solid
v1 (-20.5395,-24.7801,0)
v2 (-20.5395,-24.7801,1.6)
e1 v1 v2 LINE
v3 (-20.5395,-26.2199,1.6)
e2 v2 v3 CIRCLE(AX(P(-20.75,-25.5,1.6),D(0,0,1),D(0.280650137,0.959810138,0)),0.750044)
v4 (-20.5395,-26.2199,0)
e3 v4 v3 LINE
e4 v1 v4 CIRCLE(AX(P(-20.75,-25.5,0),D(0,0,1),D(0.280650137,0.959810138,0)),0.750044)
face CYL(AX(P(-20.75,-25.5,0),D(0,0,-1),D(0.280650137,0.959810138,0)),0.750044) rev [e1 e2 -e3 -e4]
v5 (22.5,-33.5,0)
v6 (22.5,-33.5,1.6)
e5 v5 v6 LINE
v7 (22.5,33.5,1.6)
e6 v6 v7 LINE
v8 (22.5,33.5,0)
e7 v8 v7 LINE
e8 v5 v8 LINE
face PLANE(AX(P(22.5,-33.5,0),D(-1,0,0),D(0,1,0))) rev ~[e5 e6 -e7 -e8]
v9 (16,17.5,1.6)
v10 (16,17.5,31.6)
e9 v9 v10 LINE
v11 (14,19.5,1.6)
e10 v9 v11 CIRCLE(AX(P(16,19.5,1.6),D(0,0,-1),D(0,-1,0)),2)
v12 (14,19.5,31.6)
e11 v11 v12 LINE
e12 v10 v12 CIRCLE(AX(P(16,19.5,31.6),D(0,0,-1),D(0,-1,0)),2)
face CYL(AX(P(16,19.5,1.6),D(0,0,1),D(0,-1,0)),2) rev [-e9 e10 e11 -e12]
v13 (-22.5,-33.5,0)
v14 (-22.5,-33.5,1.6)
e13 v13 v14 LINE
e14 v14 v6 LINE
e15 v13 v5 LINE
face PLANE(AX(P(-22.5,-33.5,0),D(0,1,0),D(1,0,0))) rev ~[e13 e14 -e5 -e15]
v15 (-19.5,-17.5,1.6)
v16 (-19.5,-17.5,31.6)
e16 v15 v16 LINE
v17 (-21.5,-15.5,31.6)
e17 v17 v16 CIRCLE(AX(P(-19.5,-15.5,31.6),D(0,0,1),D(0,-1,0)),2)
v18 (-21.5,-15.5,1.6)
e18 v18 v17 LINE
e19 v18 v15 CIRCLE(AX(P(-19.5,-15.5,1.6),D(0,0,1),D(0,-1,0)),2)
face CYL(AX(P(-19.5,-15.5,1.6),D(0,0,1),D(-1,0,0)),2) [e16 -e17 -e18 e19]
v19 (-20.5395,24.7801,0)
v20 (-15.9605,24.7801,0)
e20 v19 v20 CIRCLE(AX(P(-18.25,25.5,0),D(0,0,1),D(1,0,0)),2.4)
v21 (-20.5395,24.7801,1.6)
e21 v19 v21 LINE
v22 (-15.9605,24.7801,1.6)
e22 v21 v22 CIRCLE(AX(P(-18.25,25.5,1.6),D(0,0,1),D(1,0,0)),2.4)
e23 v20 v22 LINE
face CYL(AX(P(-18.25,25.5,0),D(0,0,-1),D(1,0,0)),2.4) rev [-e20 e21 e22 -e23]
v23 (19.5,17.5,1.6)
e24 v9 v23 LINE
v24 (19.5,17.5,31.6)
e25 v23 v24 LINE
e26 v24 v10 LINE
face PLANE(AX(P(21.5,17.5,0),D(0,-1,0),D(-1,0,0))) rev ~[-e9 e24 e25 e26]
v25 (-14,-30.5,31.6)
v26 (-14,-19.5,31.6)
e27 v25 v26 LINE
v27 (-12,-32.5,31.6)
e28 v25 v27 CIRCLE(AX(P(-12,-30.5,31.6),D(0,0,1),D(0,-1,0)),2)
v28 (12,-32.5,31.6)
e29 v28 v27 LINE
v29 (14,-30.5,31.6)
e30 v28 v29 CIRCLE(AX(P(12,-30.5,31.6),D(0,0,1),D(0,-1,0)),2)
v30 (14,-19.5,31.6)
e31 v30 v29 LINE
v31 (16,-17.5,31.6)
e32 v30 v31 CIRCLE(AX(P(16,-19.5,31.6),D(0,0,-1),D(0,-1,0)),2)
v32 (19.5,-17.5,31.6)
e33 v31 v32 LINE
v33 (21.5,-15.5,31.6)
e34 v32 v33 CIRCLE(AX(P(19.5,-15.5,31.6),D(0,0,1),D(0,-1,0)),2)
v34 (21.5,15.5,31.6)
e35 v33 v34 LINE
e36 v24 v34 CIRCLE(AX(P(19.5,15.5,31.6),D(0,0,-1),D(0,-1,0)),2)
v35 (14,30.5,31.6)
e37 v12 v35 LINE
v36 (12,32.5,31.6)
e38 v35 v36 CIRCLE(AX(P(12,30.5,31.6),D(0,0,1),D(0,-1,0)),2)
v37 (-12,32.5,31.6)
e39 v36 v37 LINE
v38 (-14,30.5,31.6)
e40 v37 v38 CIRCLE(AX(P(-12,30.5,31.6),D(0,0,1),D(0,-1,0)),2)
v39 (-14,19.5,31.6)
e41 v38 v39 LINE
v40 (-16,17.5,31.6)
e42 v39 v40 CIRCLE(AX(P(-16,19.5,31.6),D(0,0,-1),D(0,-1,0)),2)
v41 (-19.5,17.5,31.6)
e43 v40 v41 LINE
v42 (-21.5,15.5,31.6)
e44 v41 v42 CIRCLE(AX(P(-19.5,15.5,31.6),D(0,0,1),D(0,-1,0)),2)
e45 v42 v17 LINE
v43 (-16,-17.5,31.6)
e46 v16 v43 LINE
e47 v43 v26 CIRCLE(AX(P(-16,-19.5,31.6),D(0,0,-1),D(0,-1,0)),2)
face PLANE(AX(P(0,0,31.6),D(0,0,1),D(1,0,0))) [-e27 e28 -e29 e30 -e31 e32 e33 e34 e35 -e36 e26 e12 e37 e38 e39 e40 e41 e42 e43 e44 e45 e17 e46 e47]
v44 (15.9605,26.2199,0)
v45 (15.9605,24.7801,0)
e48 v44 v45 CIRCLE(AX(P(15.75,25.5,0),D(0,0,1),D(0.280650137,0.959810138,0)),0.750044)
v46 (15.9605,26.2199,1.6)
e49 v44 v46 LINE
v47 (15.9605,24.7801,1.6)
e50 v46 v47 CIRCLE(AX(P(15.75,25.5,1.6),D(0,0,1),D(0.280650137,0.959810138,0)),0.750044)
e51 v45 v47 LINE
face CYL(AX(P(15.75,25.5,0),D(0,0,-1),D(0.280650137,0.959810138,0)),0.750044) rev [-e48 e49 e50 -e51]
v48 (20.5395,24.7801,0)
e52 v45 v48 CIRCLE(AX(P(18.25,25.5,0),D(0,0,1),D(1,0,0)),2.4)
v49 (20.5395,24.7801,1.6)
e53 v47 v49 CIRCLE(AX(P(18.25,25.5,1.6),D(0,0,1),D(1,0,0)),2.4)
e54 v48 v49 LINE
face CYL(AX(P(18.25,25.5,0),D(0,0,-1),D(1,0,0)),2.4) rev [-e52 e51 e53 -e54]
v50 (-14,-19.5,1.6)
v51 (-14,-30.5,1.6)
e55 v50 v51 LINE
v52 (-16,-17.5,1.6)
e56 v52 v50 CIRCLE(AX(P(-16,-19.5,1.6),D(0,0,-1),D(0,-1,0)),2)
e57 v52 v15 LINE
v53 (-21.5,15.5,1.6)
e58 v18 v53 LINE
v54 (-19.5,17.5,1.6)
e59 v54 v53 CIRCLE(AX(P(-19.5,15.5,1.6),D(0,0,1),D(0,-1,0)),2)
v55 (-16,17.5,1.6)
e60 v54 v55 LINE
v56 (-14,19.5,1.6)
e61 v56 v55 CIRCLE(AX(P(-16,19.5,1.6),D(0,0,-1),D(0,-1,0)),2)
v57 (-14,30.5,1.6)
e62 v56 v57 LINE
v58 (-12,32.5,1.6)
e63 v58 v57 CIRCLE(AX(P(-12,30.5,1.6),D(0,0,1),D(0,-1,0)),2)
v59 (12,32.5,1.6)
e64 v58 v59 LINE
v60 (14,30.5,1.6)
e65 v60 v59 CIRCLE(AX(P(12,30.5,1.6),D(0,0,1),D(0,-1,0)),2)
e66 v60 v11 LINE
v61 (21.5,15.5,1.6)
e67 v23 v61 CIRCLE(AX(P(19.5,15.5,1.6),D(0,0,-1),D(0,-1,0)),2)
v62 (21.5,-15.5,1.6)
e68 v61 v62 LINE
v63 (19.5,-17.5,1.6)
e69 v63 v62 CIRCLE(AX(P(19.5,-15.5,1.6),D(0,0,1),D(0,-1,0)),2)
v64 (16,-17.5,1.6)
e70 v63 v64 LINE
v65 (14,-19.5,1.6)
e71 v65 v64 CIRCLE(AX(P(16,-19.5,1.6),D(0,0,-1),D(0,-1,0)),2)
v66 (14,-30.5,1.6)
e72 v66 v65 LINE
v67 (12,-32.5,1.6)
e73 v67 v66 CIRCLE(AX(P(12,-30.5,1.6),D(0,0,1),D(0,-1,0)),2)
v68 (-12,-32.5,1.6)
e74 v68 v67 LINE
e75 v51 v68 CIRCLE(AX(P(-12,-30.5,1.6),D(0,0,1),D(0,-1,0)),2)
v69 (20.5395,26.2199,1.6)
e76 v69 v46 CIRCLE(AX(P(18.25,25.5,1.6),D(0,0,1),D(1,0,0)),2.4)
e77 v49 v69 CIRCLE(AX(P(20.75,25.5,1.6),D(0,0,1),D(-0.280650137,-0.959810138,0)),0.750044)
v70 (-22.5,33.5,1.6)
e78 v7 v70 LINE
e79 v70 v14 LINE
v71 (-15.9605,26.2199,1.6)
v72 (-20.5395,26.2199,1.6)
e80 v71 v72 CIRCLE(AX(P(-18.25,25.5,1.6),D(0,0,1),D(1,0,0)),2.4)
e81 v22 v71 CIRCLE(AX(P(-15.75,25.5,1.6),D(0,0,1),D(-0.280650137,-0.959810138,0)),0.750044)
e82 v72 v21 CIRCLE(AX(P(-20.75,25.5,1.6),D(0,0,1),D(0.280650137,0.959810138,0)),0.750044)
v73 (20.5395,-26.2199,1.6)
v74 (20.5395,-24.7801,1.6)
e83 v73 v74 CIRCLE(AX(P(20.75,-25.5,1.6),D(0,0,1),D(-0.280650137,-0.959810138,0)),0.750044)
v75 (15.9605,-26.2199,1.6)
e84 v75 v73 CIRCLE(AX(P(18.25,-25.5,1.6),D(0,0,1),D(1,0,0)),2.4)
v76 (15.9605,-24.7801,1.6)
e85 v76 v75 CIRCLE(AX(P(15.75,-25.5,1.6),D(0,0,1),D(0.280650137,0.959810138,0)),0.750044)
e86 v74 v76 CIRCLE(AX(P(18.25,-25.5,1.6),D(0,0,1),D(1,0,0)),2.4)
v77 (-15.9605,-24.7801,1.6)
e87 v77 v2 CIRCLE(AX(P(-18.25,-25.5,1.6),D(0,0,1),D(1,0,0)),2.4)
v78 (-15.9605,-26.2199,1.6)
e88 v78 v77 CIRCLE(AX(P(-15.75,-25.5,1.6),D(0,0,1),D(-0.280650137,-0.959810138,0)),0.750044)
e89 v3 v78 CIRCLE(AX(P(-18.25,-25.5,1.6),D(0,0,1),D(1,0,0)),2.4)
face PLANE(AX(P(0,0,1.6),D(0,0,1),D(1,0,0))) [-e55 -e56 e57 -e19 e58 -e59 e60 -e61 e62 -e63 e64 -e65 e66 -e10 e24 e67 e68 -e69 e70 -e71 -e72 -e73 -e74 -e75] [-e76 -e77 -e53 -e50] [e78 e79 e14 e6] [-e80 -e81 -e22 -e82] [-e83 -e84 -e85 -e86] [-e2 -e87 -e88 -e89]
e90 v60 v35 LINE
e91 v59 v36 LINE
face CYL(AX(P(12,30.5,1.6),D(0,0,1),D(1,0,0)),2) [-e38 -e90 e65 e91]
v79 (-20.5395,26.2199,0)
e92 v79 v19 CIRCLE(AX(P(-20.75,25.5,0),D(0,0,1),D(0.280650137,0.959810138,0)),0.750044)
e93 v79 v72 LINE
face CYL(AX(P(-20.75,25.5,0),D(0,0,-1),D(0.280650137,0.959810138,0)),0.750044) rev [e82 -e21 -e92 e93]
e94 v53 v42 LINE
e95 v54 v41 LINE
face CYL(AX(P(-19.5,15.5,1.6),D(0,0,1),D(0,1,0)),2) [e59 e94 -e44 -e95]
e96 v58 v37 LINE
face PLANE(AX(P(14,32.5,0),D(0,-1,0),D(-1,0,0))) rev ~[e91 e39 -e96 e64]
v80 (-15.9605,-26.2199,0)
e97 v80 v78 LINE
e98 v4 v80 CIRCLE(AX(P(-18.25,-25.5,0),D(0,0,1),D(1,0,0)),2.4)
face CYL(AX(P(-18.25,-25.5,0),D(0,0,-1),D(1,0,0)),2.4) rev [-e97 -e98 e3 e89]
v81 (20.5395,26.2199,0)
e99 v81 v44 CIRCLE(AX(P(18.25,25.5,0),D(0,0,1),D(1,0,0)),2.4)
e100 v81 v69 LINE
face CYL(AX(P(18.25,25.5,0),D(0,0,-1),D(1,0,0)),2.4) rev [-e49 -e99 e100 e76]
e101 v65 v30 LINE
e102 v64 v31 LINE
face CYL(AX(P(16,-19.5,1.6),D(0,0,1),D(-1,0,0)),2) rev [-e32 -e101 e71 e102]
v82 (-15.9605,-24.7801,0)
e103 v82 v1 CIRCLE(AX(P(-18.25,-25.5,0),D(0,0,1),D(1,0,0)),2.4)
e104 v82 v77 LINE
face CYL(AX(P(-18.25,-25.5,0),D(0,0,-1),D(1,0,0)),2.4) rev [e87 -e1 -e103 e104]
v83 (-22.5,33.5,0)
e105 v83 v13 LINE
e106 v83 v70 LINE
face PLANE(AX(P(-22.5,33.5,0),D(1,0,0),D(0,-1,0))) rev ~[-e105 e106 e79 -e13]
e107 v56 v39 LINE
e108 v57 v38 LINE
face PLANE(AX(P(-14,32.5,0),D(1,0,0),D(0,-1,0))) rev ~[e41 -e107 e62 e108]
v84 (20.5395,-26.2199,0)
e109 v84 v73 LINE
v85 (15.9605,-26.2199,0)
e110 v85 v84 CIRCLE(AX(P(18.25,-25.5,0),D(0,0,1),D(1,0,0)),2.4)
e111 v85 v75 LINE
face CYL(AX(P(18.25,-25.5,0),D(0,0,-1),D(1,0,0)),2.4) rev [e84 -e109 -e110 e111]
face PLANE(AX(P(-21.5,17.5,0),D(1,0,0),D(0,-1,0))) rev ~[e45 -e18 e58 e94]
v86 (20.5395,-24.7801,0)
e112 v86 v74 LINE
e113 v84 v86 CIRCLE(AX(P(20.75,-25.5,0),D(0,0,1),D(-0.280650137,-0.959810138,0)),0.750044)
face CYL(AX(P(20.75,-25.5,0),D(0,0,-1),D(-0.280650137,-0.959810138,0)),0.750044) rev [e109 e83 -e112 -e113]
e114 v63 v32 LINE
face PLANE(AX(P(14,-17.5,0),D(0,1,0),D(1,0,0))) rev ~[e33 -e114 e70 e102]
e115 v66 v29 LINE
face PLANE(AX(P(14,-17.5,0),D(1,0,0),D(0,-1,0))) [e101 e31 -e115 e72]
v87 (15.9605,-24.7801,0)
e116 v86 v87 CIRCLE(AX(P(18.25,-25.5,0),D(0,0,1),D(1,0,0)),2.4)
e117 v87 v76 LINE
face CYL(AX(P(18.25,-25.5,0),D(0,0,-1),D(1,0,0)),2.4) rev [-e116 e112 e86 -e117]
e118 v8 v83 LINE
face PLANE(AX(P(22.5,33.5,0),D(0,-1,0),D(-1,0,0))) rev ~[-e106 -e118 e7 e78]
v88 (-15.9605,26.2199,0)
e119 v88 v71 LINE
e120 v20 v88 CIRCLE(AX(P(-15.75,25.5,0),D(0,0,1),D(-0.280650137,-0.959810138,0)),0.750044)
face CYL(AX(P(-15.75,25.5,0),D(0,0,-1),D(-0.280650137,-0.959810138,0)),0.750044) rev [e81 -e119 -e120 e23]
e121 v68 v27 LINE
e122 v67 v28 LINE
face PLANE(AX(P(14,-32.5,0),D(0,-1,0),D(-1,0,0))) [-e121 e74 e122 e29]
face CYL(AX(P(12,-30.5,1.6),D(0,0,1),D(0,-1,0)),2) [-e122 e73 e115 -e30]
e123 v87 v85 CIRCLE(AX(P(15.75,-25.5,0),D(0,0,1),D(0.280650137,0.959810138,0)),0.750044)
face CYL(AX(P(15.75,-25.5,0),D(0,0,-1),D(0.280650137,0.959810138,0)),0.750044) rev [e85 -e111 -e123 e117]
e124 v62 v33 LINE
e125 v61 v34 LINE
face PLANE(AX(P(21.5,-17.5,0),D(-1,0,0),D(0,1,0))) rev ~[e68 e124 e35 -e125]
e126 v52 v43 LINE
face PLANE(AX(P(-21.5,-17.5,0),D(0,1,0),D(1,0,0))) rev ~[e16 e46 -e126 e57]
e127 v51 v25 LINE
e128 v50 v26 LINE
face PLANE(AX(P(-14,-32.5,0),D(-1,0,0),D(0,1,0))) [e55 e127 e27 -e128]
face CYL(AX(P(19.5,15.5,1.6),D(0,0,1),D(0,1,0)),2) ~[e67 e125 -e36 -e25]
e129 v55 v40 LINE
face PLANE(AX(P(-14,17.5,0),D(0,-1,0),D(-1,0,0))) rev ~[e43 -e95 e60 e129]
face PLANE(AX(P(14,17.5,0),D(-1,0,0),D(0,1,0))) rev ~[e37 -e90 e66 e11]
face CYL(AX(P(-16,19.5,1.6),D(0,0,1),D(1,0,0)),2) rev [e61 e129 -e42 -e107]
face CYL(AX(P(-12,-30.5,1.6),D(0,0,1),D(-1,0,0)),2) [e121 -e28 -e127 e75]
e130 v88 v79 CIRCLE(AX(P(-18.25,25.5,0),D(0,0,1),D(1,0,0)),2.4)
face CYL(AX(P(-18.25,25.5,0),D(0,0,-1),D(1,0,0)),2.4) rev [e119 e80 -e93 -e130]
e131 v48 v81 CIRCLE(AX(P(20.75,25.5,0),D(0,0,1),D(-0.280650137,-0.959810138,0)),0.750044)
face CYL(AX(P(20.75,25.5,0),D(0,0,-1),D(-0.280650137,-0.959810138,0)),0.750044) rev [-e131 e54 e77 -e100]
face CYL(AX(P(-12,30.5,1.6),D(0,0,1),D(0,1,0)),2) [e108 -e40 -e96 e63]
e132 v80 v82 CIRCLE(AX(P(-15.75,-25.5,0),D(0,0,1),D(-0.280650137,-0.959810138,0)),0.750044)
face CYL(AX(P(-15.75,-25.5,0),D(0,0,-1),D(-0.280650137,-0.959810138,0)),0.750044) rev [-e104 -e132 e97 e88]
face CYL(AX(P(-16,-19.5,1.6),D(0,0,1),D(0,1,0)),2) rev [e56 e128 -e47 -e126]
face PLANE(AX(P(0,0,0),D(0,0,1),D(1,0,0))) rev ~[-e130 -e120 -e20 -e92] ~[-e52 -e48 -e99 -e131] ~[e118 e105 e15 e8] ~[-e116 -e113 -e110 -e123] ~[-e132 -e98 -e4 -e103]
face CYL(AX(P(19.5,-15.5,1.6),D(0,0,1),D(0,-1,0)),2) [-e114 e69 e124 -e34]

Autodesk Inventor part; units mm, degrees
ref_plane "YZ Plane" through (0, 0, 0) normal (1, 0, 0) x (0, 1, 0)
ref_plane "XZ Plane" through (0, 0, 0) normal (0, 1, 0) x (-1, 0, 0)
ref_plane "XY Plane" through (0, 0, 0) normal (0, 0, 1) x (1, 0, 0)
sketch "Sketch1" plane through (0, 0, 0) normal (0, 0, 1) x (1, 0, 0)
  line L0 (22.5, 33.5) -> (-22.5, 33.5)
  line L1 (-22.5, 33.5) -> (-22.5, -33.5)
  line L2 (-22.5, -33.5) -> (22.5, -33.5)
  line L3 (22.5, -33.5) -> (22.5, 33.5)
  line L4 (22.5, 33.5) -> (-22.5, -33.5) construction
  line L5 (-22.5, 33.5) -> (22.5, -33.5) construction
  line L6 (-18.25, 25.5) -> (18.25, 25.5) construction
  line L7 (18.25, 25.5) -> (18.25, -25.5) construction
  line L8 (18.25, -25.5) -> (-18.25, -25.5) construction
  line L9 (-18.25, -25.5) -> (-18.25, 25.5) construction
  line L10 (-18.25, 25.5) -> (18.25, -25.5) construction
  line L11 (18.25, 25.5) -> (-18.25, -25.5) construction
  line L12 (22.5, 0) -> (-22.5, 0) construction
  line L13 (0, 33.5) -> (0, -33.5) construction
  circle A0 centre (18.25, 25.5) radius 2.4
  circle A1 centre (-18.25, 25.5) radius 2.4
  circle A2 centre (18.25, -25.5) radius 2.4
  circle A3 centre (-18.25, -25.5) radius 2.4
  line L14 (18.25, 32.5) -> (18.25, 18.5) construction
  line L15 (21.5, 17.5) -> (-21.5, 17.5)
  line L16 (-21.5, 17.5) -> (-21.5, -17.5)
  line L17 (-21.5, -17.5) -> (21.5, -17.5)
  line L18 (21.5, -17.5) -> (21.5, 17.5)
  line L19 (21.5, 17.5) -> (-21.5, -17.5) construction
  line L20 (-21.5, 17.5) -> (21.5, -17.5) construction
  line L21 (14, 17.5) -> (14, 32.5)
  line L22 (14, 32.5) -> (-14, 32.5)
  line L23 (-14, 32.5) -> (-14, 17.5)
  line L24 (14, -17.5) -> (14, -32.5)
  line L25 (14, -32.5) -> (-14, -32.5)
  line L26 (-14, -32.5) -> (-14, -17.5)
  arc A4 (15.9605, 26.2199) -> (15.9605, 24.7801) centre (15.75, 25.5) ccw
  arc A5 (20.5395, 24.7801) -> (20.5395, 26.2199) centre (20.75, 25.5) ccw
  arc A6 (15.9605, -24.7801) -> (15.9605, -26.2199) centre (15.75, -25.5) ccw
  arc A7 (20.5395, -26.2199) -> (20.5395, -24.7801) centre (20.75, -25.5) ccw
  arc A8 (-15.9605, 24.7801) -> (-15.9605, 26.2199) centre (-15.75, 25.5) ccw
  arc A9 (-20.5395, 26.2199) -> (-20.5395, 24.7801) centre (-20.75, 25.5) ccw
  arc A10 (-15.9605, -26.2199) -> (-15.9605, -24.7801) centre (-15.75, -25.5) ccw
  arc A11 (-20.5395, -24.7801) -> (-20.5395, -26.2199) centre (-20.75, -25.5) ccw
  point P0 (0, 0)
  point P1 (14, -17.5)
  point P2 (-14, -17.5)
  point P3 (21.5, 25.5)
  point P4 (15, 25.5)
  point P5 (20.5395, 26.2199)
  point P6 (20.5395, 24.7801)
  point P7 (20.5395, -24.7801)
  point P8 (20.5395, -26.2199)
  point P9 (15.9605, -26.2199)
  point P10 (15.9605, -24.7801)
  point P11 (-20.5395, -26.2199)
  point P12 (-20.5395, -24.7801)
  point P13 (-15.9605, -24.7801)
  point P14 (-15.9605, -26.2199)
  point P15 (-20.5395, 24.7801)
  point P16 (-20.5395, 26.2199)
  point P17 (-15.9605, 26.2199)
  point P18 (-15.9605, 24.7801)
  dimension "d0" = 45
  dimension "d1" = 67
  dimension "d19" = 4.8
  dimension "d33" = 51
  dimension "d34" = 36.5
  dimension "d38" = 1
  dimension "d43" = 1
  dimension "d44" = 1
  dimension "d46" = 6.5
  dimension "d47" = 1.5
  dimension "d48" = 1
  dimension "d50" = 16
extrude "Extrusion1" add sketch "Sketch1" along normal blind 1.6 contours L3 L2 L1 L0 | L18 L17 L16 L15 | L15 L23 L22 L21 | L24 L25 L26 L17
extrude "Extrusion2" add sketch "Sketch1" along normal blind 31.6 contours L18 L17 L16 L15 | L15 L23 L22 L21 | L24 L25 L26 L17
fillet "Fillet1" radius 2 12 edges at (21.5, -17.5, 16.6) (21.5, 17.5, 16.6) (-21.5, -17.5, 16.6) (-21.5, 17.5, 16.6) (14, 17.5, 16.6) (14, -17.5, 16.6) (14, -32.5, 16.6) (-14, -32.5, 16.6) (-14, -17.5, 16.6) (-14, 17.5, 16.6) (-14, 32.5, 16.6) (14, 32.5, 16.6)
properties part number "SUSTAINA-RS485-COMMUNICATION-BOARD" material "Acetal Resin, Black"
